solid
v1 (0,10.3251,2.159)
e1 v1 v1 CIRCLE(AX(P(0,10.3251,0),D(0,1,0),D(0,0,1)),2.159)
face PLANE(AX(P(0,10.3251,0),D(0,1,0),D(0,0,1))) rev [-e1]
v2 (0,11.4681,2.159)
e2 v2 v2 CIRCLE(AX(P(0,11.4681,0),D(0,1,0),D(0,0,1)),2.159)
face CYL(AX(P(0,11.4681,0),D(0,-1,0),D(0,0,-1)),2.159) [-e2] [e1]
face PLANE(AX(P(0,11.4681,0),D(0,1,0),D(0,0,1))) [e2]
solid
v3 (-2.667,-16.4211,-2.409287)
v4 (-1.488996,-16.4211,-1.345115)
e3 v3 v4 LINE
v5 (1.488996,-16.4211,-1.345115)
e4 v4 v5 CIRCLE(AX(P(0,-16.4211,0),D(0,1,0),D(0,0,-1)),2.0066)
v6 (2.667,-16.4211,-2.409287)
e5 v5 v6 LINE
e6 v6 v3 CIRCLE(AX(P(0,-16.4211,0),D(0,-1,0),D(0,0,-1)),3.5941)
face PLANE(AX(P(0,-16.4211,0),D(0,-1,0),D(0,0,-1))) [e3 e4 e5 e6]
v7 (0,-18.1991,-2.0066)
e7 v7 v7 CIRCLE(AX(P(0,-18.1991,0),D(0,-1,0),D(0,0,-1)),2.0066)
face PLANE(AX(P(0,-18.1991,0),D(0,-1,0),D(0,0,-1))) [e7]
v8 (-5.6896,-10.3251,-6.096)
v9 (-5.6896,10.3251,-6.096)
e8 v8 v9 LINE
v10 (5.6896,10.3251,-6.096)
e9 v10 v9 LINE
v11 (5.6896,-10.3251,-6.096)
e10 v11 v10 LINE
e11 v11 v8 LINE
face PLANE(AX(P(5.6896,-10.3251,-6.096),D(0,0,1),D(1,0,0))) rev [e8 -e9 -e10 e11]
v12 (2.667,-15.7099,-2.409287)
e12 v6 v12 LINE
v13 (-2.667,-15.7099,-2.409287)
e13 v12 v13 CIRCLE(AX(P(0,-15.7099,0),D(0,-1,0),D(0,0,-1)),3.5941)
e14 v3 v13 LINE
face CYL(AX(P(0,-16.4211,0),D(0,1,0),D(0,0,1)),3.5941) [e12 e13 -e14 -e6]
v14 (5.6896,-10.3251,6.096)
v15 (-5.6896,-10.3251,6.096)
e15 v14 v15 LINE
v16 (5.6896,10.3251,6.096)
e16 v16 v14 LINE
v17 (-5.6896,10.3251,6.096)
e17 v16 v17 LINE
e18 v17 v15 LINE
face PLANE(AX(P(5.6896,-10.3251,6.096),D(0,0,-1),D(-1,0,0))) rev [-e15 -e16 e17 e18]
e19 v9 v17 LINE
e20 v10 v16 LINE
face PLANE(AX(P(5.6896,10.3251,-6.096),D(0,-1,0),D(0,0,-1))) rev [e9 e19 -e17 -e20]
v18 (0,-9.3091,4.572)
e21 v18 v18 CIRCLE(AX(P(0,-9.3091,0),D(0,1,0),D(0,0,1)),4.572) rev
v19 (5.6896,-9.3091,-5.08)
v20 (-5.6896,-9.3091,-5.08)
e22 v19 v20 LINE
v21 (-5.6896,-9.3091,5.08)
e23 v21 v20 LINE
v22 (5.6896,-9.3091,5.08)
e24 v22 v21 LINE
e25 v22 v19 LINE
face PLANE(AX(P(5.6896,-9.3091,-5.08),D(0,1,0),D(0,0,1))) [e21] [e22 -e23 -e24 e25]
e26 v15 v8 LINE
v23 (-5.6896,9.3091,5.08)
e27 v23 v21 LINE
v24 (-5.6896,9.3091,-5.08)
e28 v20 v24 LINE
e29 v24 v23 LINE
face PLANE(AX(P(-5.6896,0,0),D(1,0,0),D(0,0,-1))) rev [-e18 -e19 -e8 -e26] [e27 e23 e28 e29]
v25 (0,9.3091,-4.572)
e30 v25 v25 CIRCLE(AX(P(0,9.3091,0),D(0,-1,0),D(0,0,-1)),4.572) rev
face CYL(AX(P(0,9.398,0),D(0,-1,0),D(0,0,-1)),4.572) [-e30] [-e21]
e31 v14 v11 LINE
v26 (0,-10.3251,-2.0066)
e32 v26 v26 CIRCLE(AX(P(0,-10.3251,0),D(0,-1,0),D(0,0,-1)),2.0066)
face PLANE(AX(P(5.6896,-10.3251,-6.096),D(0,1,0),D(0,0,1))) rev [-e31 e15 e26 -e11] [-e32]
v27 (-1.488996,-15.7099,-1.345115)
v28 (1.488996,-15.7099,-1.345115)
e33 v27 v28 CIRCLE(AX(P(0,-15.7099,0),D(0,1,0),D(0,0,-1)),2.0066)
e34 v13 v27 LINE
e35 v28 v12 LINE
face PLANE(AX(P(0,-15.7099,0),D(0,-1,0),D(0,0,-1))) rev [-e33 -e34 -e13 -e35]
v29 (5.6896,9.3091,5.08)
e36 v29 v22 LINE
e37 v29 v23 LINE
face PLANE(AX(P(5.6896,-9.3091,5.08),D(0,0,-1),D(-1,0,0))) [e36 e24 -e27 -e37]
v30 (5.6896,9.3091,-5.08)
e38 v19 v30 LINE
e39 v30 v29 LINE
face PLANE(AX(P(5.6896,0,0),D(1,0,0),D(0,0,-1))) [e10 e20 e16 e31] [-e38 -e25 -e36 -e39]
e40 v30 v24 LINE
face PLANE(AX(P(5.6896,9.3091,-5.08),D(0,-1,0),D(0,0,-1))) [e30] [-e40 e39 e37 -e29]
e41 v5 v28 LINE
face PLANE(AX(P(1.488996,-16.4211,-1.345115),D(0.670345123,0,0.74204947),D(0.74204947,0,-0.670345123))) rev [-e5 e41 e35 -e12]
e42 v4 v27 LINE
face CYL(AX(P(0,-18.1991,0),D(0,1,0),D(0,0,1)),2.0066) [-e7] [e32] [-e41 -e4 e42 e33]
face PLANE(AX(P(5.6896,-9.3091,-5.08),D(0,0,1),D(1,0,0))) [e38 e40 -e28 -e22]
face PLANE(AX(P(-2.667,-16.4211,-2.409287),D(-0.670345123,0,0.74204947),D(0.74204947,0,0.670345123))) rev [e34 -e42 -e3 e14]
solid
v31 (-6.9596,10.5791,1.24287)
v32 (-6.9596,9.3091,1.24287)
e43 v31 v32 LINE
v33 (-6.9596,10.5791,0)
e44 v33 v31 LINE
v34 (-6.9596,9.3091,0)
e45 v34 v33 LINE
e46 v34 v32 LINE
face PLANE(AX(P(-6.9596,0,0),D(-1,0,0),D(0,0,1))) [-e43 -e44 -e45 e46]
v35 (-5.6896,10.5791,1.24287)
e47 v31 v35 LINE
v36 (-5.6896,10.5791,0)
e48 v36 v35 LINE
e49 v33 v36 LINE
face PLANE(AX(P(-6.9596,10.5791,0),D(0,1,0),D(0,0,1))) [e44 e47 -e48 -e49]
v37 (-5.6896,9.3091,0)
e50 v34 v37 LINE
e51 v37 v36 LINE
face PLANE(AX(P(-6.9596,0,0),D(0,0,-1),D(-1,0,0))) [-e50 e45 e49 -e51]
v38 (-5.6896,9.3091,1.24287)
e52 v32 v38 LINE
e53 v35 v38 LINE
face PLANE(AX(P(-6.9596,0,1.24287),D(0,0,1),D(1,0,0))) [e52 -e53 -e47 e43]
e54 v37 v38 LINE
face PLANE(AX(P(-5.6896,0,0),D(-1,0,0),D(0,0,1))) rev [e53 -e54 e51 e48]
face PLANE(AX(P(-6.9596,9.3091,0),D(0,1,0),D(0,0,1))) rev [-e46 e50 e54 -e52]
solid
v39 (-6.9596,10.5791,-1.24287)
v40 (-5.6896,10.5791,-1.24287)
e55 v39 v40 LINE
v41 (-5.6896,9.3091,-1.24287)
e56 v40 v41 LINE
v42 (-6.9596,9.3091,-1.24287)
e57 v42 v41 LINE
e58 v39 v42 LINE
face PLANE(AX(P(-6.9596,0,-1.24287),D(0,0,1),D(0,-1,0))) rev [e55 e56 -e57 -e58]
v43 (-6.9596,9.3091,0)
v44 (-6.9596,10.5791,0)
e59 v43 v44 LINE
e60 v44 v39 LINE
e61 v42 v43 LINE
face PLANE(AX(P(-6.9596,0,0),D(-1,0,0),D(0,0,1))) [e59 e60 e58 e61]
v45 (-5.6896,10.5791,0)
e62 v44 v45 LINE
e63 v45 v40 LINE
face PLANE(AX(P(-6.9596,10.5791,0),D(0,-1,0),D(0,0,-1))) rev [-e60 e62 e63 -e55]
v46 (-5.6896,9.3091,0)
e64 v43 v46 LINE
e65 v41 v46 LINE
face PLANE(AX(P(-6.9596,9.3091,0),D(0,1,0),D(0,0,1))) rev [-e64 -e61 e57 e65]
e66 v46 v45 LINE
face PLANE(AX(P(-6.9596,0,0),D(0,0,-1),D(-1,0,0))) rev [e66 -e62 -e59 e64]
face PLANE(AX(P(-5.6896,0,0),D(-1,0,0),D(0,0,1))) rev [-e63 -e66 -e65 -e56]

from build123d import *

# Parameters (mm, degrees)
SKETCH3_W            = 12.192
SKETCH3_H            = 20.6502
SKETCH3_W_2          = 10.16
SKETCH3_H_2          = 18.6182
BOSS_EXTRUDE3_DEPTH  = 5.6896
SKETCH2_R            = 4.572
BOSS_EXTRUDE2_DEPTH  = 9.398
SKETCH4_R            = 2.159
BOSS_EXTRUDE4_DEPTH  = 1.143
SKETCH5_R            = 2.0066
BOSS_EXTRUDE5_DEPTH  = 7.874
BOSS_EXTRUDE11_DEPTH = 0.7112
SKETCH7_W            = 1.242870129
SKETCH7_H            = 1.27
BOSS_EXTRUDE12_DEPTH = 1.27
SKETCH7_3_W          = 1.242870129
SKETCH7_3_H          = 1.27
BOSS_EXTRUDE13_DEPTH = 1.27


with BuildPart() as part:
    # Sketch3 → Boss-Extrude3 (new, symmetric)
    with BuildSketch(Plane(origin=(0, 0, 0), x_dir=(0, 0, -1), z_dir=(1, 0, 0))):
        Rectangle(SKETCH3_W, SKETCH3_H)
        Rectangle(SKETCH3_W_2, SKETCH3_H_2, mode=Mode.SUBTRACT)
    extrude(amount=BOSS_EXTRUDE3_DEPTH, both=True)

    # Sketch2 → Boss-Extrude2 (add, symmetric)
    with BuildSketch(Plane(origin=(0, 0, 0), x_dir=(1, 0, 0), z_dir=(0, 1, 0))):
        Circle(SKETCH2_R)
    extrude(amount=BOSS_EXTRUDE2_DEPTH, both=True)

    # Sketch5 → Boss-Extrude5 (add)
    with BuildSketch(Plane.XZ.offset(10.3251)):
        Circle(SKETCH5_R)
    extrude(amount=BOSS_EXTRUDE5_DEPTH)

    # Sketch6 → Boss-Extrude11 (add)
    with BuildSketch(Plane.XZ.offset(15.7099)):
        with BuildLine():
            Line((-2.667, -2.409287407), (-1.488996466, -1.345114524))
            ThreePointArc((-1.488996466, -1.345114524), (0, 2.0066), (1.488996466, -1.345114524))
            Line((1.488996466, -1.345114524), (2.667, -2.409287407))
            ThreePointArc((2.667, -2.409287407), (0, 3.5941), (-2.667, -2.409287407))
        make_face()
    extrude(amount=BOSS_EXTRUDE11_DEPTH)


with BuildPart() as body_2:
    # Sketch4 → Boss-Extrude4 (new body)
    with BuildSketch(Plane(origin=(0, 10.3251, 0), x_dir=(1, 0, 0), z_dir=(0, 1, 0))):
        Circle(SKETCH4_R)
    extrude(amount=BOSS_EXTRUDE4_DEPTH)


with BuildPart() as body_3:
    # Sketch7 → Boss-Extrude12 (new body)
    with BuildSketch(Plane.ZY.offset(5.6896)):
        with Locations((-0.621435065, 9.9441)):
            Rectangle(SKETCH7_W, SKETCH7_H)
    extrude(amount=BOSS_EXTRUDE12_DEPTH)


with BuildPart() as body_4:
    # Sketch7<3> → Boss-Extrude13 (new body)
    with BuildSketch(Plane.ZY.offset(5.6896)):
        with Locations((0.621435065, 9.9441)):
            Rectangle(SKETCH7_3_W, SKETCH7_3_H)
    extrude(amount=BOSS_EXTRUDE13_DEPTH)


solid = Compound([part.part, body_2.part, body_3.part, body_4.part])
